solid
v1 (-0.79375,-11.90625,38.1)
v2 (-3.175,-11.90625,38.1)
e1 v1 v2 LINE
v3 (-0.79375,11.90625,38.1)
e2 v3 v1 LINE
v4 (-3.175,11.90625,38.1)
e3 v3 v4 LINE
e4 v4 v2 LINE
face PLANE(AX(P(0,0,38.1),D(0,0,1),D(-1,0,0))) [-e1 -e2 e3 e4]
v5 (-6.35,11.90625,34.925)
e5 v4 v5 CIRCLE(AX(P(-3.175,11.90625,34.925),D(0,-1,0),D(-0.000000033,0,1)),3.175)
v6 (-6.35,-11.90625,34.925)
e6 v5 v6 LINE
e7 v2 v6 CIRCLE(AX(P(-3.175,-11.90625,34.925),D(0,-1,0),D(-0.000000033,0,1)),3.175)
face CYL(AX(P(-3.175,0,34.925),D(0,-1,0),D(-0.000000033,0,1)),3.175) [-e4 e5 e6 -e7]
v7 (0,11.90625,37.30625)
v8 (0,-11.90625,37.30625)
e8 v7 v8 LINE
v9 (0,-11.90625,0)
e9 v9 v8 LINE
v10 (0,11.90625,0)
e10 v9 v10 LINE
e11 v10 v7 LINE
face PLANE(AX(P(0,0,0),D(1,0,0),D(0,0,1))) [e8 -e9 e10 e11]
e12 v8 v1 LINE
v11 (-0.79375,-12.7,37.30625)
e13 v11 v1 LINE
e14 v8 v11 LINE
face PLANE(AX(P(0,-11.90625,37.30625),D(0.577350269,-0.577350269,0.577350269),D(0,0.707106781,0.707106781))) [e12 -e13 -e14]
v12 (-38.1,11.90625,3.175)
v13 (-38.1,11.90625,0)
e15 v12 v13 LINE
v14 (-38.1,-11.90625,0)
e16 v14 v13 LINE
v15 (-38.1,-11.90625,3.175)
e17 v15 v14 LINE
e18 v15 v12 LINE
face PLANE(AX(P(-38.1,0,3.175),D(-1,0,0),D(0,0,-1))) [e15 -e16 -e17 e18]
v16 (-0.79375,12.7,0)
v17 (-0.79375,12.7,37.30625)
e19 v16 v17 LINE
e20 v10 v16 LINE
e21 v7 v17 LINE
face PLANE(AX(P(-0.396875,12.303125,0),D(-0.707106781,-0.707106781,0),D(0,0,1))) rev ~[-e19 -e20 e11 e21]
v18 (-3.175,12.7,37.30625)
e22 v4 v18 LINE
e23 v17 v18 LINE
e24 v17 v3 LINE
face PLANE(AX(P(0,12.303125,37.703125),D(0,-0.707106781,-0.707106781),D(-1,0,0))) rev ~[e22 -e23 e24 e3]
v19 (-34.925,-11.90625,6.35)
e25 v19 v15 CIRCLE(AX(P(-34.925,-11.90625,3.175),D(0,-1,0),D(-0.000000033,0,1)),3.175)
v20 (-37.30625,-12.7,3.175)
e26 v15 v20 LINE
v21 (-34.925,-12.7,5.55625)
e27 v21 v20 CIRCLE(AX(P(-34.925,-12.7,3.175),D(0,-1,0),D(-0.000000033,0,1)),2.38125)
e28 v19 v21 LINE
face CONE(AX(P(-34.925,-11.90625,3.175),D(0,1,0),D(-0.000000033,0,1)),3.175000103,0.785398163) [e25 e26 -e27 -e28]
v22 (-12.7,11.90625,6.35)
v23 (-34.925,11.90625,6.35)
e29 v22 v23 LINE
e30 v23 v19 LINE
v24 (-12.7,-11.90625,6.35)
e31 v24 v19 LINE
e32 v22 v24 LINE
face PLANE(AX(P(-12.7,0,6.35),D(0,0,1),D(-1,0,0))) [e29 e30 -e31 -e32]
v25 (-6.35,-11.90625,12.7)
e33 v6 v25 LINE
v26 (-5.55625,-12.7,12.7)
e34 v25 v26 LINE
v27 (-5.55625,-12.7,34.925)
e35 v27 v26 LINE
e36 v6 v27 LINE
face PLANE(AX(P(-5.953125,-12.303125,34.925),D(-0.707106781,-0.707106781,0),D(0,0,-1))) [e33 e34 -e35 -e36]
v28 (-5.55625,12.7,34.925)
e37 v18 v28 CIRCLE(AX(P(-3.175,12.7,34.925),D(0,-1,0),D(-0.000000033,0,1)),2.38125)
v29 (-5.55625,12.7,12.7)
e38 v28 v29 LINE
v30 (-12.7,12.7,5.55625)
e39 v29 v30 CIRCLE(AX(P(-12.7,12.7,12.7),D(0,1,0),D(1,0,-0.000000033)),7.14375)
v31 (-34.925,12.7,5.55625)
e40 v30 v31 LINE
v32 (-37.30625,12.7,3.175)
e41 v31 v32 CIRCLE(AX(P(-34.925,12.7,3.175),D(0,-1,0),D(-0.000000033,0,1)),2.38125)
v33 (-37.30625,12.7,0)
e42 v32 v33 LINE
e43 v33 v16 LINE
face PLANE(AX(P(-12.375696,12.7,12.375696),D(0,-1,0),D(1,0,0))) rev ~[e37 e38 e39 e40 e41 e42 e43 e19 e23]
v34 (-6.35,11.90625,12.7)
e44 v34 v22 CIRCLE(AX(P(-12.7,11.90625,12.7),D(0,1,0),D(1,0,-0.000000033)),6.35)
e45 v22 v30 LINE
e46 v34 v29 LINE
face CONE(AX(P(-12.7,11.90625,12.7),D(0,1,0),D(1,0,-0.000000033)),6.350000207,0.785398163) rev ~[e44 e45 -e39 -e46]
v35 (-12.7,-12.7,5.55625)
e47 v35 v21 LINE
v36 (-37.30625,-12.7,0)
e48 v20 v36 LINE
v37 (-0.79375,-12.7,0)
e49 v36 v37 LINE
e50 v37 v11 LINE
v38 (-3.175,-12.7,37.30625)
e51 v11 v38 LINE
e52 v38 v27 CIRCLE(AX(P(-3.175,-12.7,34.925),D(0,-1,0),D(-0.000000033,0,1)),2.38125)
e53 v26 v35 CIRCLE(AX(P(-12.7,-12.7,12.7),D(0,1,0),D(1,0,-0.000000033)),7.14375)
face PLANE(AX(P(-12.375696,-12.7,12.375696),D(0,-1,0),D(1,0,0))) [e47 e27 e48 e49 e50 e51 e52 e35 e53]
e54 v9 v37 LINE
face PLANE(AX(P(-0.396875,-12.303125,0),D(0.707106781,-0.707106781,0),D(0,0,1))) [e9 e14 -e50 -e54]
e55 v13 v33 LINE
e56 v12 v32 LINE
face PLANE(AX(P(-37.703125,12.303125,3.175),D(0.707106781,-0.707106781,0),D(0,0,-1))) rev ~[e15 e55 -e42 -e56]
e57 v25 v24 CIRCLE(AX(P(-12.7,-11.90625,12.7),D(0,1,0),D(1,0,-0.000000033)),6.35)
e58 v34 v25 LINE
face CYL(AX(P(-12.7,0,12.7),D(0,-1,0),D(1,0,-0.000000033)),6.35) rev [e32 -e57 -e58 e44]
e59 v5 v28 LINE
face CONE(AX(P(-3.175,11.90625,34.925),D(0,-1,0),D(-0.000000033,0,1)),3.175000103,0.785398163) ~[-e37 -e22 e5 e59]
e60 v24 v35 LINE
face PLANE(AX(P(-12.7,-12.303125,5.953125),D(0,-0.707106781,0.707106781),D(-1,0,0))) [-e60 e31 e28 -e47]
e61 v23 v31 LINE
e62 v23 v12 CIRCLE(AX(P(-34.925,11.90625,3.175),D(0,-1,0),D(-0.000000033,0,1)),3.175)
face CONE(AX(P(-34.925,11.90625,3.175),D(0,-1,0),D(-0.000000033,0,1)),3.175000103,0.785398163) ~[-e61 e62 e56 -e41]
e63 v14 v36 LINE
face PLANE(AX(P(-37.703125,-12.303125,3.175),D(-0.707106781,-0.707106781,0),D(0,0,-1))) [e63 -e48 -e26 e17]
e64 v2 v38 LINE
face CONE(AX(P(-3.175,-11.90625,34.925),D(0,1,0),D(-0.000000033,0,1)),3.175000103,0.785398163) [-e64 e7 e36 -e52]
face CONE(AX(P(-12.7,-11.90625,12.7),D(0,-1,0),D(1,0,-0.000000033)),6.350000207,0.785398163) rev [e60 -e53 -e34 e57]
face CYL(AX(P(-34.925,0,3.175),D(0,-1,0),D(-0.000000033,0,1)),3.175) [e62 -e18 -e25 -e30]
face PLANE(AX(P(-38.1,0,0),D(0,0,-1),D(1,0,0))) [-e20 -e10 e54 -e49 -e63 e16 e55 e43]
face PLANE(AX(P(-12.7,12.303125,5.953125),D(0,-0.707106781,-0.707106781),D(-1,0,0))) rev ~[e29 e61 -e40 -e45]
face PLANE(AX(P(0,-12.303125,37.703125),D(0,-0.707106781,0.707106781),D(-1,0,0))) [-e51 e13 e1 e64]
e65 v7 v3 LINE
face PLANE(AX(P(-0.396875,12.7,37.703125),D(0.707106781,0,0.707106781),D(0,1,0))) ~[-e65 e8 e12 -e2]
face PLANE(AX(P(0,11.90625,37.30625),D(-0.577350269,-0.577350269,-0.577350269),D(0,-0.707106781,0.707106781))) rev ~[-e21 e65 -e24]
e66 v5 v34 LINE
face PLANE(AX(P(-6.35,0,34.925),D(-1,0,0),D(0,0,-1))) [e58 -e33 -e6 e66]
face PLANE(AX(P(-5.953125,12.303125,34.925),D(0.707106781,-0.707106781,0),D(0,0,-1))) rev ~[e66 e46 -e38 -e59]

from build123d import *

# Parameters (mm, degrees)
F1_DEPTH = 12.7
F2_SIZE  = 0.79375


with BuildPart() as f1:
    # F0 (on Front) → F1 (new body, symmetric)
    with BuildSketch(Plane.XZ):
        with BuildLine():
            Line((0, 0), (0, 38.1))
            Line((0, 38.1), (-3.175, 38.1))
            ThreePointArc((-3.175, 38.1), (-5.420064, 37.170064), (-6.35, 34.925))
            Line((-6.35, 34.925), (-6.35, 12.7))
            ThreePointArc((-6.35, 12.7), (-8.209872, 8.209872), (-12.7, 6.35))
            Line((-12.7, 6.35), (-34.925, 6.35))
            ThreePointArc((-34.925, 6.35), (-37.170064, 5.420064), (-38.1, 3.175))
            Line((-38.1, 3.175), (-38.1, 0))
            Line((-38.1, 0), (0, 0))
        make_face()
    extrude(amount=F1_DEPTH, both=True)

    # F2
    f2_edges = [f1.edges().sort_by_distance(p)[0] for p in [
        (-23.8125, -12.7, 6.35),
        (-8.209872, -12.7, 8.209872),
        (-6.35, -12.7, 23.8125),
        (-5.420064, -12.7, 37.170064),
        (-1.5875, -12.7, 38.1),
        (-38.1, -12.7, 1.5875),
        (-37.170064, -12.7, 5.420064),
        (-1.5875, 12.7, 38.1),
        (-5.420064, 12.7, 37.170064),
        (-6.35, 12.7, 23.8125),
        (-8.209872, 12.7, 8.209872),
        (-23.8125, 12.7, 6.35),
        (-38.1, 12.7, 1.5875),
        (-37.170064, 12.7, 5.420064),
        (0, 12.7, 19.05),
        (0, -12.7, 19.05),
        (0, 0, 38.1),
    ]]
    chamfer(f2_edges, length=F2_SIZE)


solid = f1.part
